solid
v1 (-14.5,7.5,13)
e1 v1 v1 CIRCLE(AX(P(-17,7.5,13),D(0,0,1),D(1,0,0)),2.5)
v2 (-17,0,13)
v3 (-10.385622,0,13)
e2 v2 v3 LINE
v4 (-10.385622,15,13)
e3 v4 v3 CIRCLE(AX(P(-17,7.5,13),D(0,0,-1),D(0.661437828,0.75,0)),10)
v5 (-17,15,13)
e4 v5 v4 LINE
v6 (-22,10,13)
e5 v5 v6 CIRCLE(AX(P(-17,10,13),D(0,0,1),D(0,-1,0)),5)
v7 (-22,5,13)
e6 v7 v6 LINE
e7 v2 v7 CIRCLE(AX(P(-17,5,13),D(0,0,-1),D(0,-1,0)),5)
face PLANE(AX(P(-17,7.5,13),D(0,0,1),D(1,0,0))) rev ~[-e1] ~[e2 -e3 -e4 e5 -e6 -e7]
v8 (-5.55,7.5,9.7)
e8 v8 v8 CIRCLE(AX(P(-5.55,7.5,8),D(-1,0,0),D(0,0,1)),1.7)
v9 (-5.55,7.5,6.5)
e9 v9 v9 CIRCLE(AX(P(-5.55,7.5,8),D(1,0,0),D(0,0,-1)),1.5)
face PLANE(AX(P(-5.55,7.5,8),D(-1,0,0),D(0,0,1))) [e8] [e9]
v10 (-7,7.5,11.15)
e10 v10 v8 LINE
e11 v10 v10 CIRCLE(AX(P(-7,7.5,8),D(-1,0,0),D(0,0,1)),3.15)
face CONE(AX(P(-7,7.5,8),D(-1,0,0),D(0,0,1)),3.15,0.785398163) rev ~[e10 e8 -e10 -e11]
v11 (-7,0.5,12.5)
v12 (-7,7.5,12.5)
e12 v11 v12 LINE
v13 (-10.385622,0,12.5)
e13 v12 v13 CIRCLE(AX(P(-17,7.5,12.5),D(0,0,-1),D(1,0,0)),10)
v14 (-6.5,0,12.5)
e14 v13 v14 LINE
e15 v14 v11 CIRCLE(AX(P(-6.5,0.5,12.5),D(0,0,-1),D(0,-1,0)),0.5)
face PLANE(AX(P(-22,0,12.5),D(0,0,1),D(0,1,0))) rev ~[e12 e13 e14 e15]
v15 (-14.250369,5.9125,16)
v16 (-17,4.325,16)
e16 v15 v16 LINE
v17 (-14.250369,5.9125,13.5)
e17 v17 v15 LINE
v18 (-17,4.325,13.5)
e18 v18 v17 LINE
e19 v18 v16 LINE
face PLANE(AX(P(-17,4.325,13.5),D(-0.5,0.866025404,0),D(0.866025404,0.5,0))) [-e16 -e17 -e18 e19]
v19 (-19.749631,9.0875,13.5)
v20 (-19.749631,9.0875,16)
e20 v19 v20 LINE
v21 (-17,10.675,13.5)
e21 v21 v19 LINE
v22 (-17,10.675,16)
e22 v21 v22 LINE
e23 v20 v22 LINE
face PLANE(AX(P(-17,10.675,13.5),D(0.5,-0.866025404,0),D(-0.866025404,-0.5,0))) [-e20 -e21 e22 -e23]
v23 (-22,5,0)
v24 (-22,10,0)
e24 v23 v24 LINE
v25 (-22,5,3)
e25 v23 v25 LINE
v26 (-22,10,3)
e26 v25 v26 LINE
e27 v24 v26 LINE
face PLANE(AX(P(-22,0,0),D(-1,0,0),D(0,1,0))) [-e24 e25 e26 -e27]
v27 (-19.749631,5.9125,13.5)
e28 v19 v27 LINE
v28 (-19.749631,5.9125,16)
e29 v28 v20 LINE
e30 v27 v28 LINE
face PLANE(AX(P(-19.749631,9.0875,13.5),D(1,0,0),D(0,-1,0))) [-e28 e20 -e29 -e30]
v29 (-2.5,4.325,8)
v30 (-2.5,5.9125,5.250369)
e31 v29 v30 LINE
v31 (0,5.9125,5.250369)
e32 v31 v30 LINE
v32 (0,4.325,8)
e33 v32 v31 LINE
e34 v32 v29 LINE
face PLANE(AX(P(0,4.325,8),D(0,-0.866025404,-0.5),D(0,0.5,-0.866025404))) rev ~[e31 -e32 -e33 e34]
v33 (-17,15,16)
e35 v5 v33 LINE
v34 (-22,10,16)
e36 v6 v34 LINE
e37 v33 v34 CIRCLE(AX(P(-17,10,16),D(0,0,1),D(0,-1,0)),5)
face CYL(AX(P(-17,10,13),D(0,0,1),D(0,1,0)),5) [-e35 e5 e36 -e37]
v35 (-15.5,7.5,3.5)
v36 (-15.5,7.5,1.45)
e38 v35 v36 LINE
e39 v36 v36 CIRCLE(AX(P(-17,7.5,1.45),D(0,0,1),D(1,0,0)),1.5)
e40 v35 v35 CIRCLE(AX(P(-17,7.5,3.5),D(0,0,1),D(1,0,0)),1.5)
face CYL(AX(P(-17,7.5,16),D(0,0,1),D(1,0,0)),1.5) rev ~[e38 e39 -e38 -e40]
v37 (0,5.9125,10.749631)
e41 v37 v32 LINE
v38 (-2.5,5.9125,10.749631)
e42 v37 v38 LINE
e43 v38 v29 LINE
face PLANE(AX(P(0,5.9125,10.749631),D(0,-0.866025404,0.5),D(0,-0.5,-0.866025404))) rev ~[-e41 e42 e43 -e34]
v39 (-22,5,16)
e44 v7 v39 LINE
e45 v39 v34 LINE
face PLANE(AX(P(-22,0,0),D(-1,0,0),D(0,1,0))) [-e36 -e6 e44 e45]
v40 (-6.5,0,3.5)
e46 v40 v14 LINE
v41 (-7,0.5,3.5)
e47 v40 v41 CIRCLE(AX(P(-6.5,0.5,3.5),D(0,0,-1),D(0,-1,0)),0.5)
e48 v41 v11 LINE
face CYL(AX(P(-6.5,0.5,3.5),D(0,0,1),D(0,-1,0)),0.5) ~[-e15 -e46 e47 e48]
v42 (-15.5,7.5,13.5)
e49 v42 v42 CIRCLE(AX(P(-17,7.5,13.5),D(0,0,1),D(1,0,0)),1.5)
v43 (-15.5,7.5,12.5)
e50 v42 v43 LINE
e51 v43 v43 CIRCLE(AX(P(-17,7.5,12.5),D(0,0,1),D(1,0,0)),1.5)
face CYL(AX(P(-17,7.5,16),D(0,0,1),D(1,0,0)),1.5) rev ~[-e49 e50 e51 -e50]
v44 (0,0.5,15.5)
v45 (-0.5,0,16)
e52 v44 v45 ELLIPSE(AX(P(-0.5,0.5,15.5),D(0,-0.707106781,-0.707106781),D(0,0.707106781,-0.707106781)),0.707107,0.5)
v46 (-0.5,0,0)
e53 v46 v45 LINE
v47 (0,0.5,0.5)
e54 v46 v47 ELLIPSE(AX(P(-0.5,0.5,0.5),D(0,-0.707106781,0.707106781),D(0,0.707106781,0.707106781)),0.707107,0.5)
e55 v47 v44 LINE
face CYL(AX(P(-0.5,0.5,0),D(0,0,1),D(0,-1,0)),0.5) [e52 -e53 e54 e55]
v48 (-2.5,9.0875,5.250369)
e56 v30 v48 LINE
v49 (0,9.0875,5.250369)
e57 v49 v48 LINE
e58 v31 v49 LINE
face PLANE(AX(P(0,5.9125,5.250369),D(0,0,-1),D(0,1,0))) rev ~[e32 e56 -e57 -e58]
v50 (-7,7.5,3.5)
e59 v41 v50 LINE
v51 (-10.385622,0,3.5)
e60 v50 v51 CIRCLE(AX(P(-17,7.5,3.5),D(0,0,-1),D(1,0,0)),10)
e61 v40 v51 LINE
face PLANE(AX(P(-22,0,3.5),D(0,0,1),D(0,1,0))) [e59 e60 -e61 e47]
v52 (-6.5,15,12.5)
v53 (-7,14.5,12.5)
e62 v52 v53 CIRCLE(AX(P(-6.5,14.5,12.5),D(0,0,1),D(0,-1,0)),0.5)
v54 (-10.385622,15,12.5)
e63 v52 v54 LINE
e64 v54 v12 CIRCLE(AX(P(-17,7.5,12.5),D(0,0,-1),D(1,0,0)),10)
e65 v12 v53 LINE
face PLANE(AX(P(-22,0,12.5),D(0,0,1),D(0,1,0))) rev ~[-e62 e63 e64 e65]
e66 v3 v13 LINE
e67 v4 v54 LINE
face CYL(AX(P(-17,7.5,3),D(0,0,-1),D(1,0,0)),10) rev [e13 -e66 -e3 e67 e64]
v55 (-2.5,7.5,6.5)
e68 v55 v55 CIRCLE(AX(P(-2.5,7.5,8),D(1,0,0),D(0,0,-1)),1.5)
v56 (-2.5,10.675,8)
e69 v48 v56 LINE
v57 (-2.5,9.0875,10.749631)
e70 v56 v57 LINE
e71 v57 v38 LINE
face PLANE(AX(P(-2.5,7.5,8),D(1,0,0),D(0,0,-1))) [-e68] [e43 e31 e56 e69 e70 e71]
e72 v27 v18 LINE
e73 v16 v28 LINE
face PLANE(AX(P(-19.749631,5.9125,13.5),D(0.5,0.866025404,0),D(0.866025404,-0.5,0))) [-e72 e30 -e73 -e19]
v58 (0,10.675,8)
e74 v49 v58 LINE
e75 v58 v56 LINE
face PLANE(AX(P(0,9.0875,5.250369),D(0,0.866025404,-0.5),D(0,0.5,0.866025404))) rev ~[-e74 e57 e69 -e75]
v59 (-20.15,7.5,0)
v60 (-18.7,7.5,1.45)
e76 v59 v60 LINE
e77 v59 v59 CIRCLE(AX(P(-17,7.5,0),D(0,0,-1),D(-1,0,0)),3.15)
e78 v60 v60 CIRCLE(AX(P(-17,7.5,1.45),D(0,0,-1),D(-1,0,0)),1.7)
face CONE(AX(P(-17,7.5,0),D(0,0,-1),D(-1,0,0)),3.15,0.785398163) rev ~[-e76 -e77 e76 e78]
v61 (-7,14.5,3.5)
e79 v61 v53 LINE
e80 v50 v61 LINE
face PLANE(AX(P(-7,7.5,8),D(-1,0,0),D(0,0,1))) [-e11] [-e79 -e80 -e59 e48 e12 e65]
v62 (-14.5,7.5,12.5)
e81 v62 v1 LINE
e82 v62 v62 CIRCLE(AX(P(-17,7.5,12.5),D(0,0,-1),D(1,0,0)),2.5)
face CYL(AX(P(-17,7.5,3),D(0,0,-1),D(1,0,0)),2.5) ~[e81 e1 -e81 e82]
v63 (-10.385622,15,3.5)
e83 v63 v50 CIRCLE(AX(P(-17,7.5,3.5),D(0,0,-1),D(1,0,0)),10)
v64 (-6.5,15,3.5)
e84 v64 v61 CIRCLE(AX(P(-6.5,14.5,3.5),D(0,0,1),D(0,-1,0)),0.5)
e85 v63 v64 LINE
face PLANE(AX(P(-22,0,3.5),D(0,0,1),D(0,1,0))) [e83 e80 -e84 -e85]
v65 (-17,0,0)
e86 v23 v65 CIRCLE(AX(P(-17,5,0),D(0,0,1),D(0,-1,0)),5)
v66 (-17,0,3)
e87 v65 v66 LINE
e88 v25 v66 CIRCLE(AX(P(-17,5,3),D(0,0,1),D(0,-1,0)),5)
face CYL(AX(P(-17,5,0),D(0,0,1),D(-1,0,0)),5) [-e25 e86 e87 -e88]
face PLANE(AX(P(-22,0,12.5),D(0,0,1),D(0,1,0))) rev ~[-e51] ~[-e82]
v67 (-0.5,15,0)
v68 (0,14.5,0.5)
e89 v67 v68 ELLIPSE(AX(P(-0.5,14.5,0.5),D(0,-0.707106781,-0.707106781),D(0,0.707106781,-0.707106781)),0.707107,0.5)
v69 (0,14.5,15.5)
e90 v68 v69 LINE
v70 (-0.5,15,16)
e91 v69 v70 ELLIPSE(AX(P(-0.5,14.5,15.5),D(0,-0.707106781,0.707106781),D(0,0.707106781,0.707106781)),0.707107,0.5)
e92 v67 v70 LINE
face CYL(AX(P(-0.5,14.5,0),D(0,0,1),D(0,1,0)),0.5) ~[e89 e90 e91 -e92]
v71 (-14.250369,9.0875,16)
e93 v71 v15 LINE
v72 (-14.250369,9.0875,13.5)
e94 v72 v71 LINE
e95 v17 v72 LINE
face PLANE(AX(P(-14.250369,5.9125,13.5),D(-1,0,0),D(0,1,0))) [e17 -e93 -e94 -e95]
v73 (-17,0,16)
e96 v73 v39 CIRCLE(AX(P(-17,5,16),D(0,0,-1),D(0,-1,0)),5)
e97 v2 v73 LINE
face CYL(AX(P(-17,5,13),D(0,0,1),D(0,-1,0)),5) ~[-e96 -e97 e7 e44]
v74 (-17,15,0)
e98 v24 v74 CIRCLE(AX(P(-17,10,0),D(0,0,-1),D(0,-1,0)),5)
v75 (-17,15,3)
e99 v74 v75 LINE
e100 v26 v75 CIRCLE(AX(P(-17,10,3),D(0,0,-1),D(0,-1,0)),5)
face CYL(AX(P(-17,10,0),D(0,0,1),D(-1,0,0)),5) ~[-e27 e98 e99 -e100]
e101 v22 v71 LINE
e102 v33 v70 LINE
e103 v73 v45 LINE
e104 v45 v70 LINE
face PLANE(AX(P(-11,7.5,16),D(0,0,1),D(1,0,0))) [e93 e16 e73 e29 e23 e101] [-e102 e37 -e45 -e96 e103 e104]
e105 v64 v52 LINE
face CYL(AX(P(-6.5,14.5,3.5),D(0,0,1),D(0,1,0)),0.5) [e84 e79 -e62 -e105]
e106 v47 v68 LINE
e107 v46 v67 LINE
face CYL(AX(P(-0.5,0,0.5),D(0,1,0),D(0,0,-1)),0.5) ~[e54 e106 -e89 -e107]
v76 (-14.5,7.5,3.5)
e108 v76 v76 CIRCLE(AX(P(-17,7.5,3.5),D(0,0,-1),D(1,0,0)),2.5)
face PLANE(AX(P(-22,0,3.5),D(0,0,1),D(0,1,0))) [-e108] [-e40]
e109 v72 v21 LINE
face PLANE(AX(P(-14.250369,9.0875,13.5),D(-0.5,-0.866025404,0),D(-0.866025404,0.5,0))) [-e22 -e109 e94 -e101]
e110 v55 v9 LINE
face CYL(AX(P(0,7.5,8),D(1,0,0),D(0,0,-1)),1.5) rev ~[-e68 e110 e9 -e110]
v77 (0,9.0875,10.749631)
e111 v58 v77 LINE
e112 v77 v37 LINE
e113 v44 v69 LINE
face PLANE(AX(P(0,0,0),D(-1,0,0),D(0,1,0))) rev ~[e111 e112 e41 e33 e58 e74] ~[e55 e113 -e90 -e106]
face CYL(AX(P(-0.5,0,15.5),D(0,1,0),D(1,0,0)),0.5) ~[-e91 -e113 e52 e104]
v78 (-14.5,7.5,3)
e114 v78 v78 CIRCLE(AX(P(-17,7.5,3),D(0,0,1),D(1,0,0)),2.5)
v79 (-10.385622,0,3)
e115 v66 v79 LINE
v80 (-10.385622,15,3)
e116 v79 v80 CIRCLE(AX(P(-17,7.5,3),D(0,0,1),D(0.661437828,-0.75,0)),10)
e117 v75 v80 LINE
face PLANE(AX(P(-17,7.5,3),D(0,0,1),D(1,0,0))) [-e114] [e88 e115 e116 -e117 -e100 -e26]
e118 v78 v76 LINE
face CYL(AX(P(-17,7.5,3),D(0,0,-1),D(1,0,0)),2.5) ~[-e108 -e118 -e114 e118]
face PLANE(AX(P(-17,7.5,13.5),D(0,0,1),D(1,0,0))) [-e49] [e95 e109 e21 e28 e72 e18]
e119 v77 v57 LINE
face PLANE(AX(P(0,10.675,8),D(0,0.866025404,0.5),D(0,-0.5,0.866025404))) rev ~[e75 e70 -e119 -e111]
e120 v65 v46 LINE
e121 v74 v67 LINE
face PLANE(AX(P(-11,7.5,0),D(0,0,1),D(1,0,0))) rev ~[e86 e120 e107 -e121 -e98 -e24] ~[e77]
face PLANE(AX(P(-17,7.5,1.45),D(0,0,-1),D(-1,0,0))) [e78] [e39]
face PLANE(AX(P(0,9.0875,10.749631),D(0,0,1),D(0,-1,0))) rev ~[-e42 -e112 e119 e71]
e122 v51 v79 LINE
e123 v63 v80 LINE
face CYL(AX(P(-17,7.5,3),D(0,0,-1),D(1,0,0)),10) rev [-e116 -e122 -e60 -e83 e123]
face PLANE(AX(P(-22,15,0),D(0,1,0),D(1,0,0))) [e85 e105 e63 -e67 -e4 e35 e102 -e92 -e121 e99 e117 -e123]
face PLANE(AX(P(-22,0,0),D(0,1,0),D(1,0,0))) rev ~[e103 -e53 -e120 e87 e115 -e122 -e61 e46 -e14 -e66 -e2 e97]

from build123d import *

# Parameters (mm, degrees)
SKETCH1_W                = 22
SKETCH1_H                = 15
BOSS_EXTRUDE1_DEPTH      = 16
SKETCH2_R                = 1.5
CUT_EXTRUDE1_DEPTH       = 32.064449134
CUT_EXTRUDE2_DEPTH       = 5
CUT_EXTRUDE2_DEPTH_BACK  = 5
SKETCH3_R                = 10
SKETCH3_R_2              = 2.5
SKETCH4_W                = 9
SKETCH4_H                = 15
CUT_EXTRUDE3_DEPTH       = 15
SKETCH10_R               = 1.5
CUT_EXTRUDE5_DEPTH       = 32.064449134
SKETCH11_R               = 3.15
CUT_EXTRUDE6_DEPTH       = 1.45
CUT_EXTRUDE6_DRAFT       = -45
CUT_EXTRUDE8_DEPTH       = 2.5
FILLET1_R                = 5
FILLET2_R                = 0.5
SKETCH9_R                = 3.15
CUT_EXTRUDE10_DEPTH      = 1.45
CUT_EXTRUDE10_DRAFT      = -45
CUT_EXTRUDE12_DEPTH      = 1
CUT_EXTRUDE12_DEPTH_BACK = 2.5


with BuildPart() as part:
    # Sketch1 → Boss-Extrude1 (new body)
    with BuildSketch(Plane.XY):
        with Locations((-11, 7.5)):
            Rectangle(SKETCH1_W, SKETCH1_H)
    extrude(amount=BOSS_EXTRUDE1_DEPTH)

    # Sketch2 → Cut-Extrude1 (cut, through all)
    with BuildSketch(Plane.XY.offset(16)):
        with Locations((-17, 7.5)):
            Circle(SKETCH2_R)
    extrude(amount=-CUT_EXTRUDE1_DEPTH, mode=Mode.SUBTRACT)

    # Sketch3 → Cut-Extrude2 (cut, two sides: drawn at the far end of the back side and taken through both)
    with BuildSketch(Plane.XY.offset(8).offset(-CUT_EXTRUDE2_DEPTH_BACK)):
        with Locations((-17, 7.5)):
            Circle(SKETCH3_R)
        with Locations((-17, 7.5)):
            Circle(SKETCH3_R_2, mode=Mode.SUBTRACT)
    extrude(amount=CUT_EXTRUDE2_DEPTH + CUT_EXTRUDE2_DEPTH_BACK, mode=Mode.SUBTRACT)

    # Sketch4 → Cut-Extrude3 (cut)
    with BuildSketch(Plane.ZY.offset(22)):
        with Locations((8, 7.5)):
            Rectangle(SKETCH4_W, SKETCH4_H)
    extrude(amount=-CUT_EXTRUDE3_DEPTH, mode=Mode.SUBTRACT)

    # Sketch10 → Cut-Extrude5 (cut, through all)
    with BuildSketch(Plane(origin=(0, 0, 0), x_dir=(0, 0, -1), z_dir=(1, 0, 0))):
        with Locations((-8, 7.5)):
            Circle(SKETCH10_R)
    extrude(amount=-CUT_EXTRUDE5_DEPTH, mode=Mode.SUBTRACT)


with BuildPart() as cut_extrude6_tool:
    # Sketch11 → Cut-Extrude6 (with draft: the straight prism first)
    with BuildSketch(Plane.ZY.offset(7)):
        with Locations((8, 7.5)):
            Circle(SKETCH11_R)
    extrude(amount=-CUT_EXTRUDE6_DEPTH)
    # Cut-Extrude6: the draft: its side faces are tilted about the plane it starts from
    cut_extrude6_sides = [cut_extrude6_tool.faces().sort_by_distance(p)[0] for p in [
        (-6.275, 7.5, 4.85),
    ]]
    draft(cut_extrude6_sides, Plane.ZY.offset(7), CUT_EXTRUDE6_DRAFT)


with BuildPart() as part_1:
    add(part.part)

    # Cut-Extrude6: cut by cut_extrude6_tool
    add(cut_extrude6_tool.part, mode=Mode.SUBTRACT)

    # Sketch13 → Cut-Extrude8 (cut)
    with BuildSketch(Plane(origin=(0, 0, 0), x_dir=(0, 0, -1), z_dir=(1, 0, 0))):
        Polygon((-5.250369343, 9.0875), (-8, 10.675), (-10.749630657, 9.0875), (-10.749630657, 5.9125), (-8, 4.325), (-5.250369343, 5.9125), align=None)
    extrude(amount=-CUT_EXTRUDE8_DEPTH, mode=Mode.SUBTRACT)

    # Fillet1
    fillet1_edges = [part_1.edges().sort_by_distance(p)[0] for p in [
        (-22, 0, 1.5),
        (-22, 15, 1.5),
        (-22, 0, 14.5),
        (-22, 15, 14.5),
    ]]
    fillet(fillet1_edges, radius=FILLET1_R)

    # Fillet2
    fillet2_edges = [part_1.edges().sort_by_distance(p)[0] for p in [
        (0, 7.5, 16),
        (-7, 15, 8),
        (-7, 0, 8),
        (0, 7.5, 0),
        (0, 0, 8),
        (0, 15, 8),
    ]]
    fillet(fillet2_edges, radius=FILLET2_R)


with BuildPart() as cut_extrude10_tool:
    # Sketch9 → Cut-Extrude10 (with draft: the straight prism first)
    with BuildSketch(Plane(origin=(0, 0, 0), x_dir=(-1, 0, 0), z_dir=(0, 0, -1))):
        with Locations((17, 7.5)):
            Circle(SKETCH9_R)
    extrude(amount=-CUT_EXTRUDE10_DEPTH)
    # Cut-Extrude10: the draft: its side faces are tilted about the plane it starts from
    cut_extrude10_sides = [cut_extrude10_tool.faces().sort_by_distance(p)[0] for p in [
        (-13.85, 7.5, 0.725),
    ]]
    draft(cut_extrude10_sides, Plane(origin=(0, 0, 0), x_dir=(-1, 0, 0), z_dir=(0, 0, -1)), CUT_EXTRUDE10_DRAFT)


with BuildPart() as part_2:
    add(part_1.part)

    # Cut-Extrude10: cut by cut_extrude10_tool
    add(cut_extrude10_tool.part, mode=Mode.SUBTRACT)

    # Sketch12 → Cut-Extrude12 (cut, two sides: drawn at the far end of the back side and taken through both)
    with BuildSketch(Plane.XY.offset(16).offset(-CUT_EXTRUDE12_DEPTH_BACK)):
        Polygon((-14.250369343, 9.0875), (-17, 10.675), (-19.749630657, 9.0875), (-19.749630657, 5.9125), (-17, 4.325), (-14.250369343, 5.9125), align=None)
    extrude(amount=CUT_EXTRUDE12_DEPTH + CUT_EXTRUDE12_DEPTH_BACK, mode=Mode.SUBTRACT)


solid = part_2.part
